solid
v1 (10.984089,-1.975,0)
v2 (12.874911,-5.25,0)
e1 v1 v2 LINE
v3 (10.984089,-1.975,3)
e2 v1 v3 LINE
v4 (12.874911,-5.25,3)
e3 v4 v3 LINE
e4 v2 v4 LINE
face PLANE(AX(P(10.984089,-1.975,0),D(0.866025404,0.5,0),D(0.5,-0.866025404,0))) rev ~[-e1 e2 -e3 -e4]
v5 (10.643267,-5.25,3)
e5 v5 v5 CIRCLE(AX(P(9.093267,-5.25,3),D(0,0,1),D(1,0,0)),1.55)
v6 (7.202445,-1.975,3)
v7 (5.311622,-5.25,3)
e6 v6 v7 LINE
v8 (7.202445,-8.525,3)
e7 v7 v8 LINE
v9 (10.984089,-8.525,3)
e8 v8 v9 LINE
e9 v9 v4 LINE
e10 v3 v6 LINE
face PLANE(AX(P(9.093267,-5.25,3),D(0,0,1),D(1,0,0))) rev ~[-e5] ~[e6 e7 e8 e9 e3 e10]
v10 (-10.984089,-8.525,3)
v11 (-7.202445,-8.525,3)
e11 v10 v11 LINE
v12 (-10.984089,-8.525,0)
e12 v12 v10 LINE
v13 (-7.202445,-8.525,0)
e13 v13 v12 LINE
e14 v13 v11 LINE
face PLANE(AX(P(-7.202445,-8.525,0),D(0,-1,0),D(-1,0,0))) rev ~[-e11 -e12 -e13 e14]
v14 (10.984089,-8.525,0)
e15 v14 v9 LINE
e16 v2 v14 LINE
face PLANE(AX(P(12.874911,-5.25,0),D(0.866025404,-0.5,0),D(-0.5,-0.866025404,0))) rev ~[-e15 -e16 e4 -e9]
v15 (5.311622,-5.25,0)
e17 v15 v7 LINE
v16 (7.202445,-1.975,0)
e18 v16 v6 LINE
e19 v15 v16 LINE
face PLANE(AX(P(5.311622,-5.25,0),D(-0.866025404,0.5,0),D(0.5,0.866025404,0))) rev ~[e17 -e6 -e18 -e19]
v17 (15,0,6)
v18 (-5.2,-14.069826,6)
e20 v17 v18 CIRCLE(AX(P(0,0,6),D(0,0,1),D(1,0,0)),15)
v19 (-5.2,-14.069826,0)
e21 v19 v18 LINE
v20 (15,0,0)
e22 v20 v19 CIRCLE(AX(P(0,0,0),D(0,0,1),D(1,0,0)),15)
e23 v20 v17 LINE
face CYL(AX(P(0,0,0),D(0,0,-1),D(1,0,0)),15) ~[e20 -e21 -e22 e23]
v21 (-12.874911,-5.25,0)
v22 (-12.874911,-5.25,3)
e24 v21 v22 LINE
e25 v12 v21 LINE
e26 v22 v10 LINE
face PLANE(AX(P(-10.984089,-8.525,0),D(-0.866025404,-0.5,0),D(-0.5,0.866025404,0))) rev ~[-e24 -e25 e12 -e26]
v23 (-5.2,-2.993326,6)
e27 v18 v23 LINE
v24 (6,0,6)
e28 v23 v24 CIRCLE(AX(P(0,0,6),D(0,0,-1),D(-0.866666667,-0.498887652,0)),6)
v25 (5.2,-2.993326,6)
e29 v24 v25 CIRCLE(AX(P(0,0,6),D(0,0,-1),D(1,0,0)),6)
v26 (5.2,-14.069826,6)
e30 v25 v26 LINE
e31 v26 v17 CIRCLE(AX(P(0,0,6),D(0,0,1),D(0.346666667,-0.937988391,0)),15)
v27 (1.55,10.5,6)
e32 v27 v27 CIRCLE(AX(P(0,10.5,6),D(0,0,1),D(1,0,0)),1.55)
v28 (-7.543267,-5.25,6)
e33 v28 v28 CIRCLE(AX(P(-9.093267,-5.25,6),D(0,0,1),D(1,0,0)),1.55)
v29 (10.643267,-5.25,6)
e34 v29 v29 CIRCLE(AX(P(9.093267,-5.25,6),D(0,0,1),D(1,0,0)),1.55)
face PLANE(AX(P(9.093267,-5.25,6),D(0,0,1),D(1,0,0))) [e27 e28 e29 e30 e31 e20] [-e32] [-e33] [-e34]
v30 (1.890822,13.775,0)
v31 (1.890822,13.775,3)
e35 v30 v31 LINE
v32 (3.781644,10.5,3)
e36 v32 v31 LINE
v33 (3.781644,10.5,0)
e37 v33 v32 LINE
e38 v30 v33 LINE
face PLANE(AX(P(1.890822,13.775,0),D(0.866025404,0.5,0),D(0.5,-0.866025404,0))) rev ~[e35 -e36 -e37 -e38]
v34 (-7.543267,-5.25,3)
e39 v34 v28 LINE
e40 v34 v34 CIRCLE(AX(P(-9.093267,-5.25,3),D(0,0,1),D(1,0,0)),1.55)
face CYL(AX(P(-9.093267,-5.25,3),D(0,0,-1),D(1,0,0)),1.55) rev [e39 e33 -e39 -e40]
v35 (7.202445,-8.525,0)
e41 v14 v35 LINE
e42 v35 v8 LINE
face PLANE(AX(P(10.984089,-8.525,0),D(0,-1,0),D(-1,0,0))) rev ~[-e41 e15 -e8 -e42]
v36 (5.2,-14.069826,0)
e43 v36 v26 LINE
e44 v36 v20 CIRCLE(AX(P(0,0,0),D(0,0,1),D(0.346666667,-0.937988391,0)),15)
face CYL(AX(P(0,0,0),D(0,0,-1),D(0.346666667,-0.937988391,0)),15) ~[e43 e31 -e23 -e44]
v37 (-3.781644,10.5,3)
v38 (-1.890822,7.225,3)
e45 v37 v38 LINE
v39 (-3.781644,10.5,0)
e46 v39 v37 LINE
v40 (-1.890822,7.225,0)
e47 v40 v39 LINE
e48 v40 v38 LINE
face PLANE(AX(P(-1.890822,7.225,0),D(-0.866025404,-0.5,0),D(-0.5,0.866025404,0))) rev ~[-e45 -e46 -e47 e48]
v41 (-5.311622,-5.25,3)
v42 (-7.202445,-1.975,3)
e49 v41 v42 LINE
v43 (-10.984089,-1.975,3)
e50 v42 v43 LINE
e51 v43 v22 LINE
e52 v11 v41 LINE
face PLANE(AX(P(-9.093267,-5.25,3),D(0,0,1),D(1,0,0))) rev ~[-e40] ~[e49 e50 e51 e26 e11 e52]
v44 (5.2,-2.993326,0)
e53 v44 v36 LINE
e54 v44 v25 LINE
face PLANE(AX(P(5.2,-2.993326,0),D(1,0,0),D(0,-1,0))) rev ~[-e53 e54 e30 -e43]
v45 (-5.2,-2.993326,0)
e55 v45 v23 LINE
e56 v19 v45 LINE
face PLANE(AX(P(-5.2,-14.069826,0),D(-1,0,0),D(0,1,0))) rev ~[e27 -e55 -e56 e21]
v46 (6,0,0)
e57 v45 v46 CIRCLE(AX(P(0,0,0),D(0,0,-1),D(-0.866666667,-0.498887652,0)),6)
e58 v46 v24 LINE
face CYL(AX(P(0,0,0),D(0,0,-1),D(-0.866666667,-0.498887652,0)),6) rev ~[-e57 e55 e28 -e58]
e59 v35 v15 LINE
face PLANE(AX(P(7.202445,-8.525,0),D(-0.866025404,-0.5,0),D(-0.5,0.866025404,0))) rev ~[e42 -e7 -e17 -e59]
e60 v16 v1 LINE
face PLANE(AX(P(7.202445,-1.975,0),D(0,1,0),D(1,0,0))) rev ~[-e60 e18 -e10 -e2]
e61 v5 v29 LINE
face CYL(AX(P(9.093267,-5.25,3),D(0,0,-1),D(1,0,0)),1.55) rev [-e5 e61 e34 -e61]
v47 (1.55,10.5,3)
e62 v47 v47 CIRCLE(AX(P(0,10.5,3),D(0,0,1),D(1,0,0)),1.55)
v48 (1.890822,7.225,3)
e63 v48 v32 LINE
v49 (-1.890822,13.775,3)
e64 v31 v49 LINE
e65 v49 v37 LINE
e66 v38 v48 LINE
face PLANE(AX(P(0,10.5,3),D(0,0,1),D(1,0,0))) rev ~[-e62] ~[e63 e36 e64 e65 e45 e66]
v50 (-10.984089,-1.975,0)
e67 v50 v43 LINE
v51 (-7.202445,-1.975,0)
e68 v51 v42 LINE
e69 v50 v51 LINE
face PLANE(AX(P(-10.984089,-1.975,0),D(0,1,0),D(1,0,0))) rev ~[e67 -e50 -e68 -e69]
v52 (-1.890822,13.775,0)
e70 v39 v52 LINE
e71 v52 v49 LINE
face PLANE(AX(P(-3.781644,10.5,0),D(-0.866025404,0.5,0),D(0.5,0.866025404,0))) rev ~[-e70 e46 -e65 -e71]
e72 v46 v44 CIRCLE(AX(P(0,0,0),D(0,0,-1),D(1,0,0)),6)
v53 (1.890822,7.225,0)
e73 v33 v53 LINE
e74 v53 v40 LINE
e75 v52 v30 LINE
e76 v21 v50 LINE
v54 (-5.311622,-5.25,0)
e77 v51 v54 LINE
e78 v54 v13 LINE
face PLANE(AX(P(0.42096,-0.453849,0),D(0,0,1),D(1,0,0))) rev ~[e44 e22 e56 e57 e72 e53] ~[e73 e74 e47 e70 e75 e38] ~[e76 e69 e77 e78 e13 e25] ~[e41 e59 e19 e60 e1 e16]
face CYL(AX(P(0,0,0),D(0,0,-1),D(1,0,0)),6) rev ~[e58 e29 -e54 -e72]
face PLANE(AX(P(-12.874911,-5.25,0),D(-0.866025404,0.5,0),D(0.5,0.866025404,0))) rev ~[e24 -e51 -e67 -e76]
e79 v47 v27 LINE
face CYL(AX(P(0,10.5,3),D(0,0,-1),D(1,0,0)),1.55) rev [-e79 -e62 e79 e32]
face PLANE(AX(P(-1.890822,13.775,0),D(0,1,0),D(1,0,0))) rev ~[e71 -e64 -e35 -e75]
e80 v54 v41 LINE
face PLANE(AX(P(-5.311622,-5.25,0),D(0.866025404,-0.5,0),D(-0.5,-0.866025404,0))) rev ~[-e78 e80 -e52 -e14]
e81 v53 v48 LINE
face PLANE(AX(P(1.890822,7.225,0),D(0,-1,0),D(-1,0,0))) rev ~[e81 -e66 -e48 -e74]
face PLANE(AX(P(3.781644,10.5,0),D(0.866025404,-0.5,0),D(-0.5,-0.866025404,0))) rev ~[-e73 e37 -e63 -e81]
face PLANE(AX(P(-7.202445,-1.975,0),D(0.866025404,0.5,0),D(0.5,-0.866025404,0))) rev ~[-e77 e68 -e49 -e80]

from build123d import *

# Parameters (mm, degrees)
F1_DEPTH = 6
F2_START = 3
F0_R     = 1.55
F2_DEPTH = 3


with BuildPart() as f1:
    # F0 (on Top) → F1 (new body)
    with BuildSketch(Plane.XY):
        with BuildLine():
            ThreePointArc((-5.2, -2.9933259094), (-1.5491933385, 5.7965506985), (6, 0))
            ThreePointArc((6, 0), (5.7965506985, -1.5491933385), (5.2, -2.9933259094))
            Line((5.2, -2.9933259094), (5.2, -14.0698258696))
            ThreePointArc((5.2, -14.0698258696), (12.3085336251, -8.5732140997), (15, 0))
            ThreePointArc((15, 0), (-8.5732140997, 12.3085336251), (-5.2, -14.0698258696))
            Line((-5.2, -14.0698258696), (-5.2, -2.9933259094))
        make_face()
        Polygon((-10.9840888713, -8.525), (-12.8749110029, -5.25), (-10.9840888713, -1.975), (-7.2024446081, -1.975), (-5.3116224765, -5.25), (-7.2024446081, -8.525), align=None, mode=Mode.SUBTRACT)
        Polygon((12.8749110029, -5.25), (10.9840888713, -8.525), (7.2024446081, -8.525), (5.3116224765, -5.25), (7.2024446081, -1.975), (10.9840888713, -1.975), align=None, mode=Mode.SUBTRACT)
        Polygon((3.7816442632, 10.5), (1.8908221316, 7.225), (-1.8908221316, 7.225), (-3.7816442632, 10.5), (-1.8908221316, 13.775), (1.8908221316, 13.775), align=None, mode=Mode.SUBTRACT)
    extrude(amount=F1_DEPTH)

    # F0 (on Top) → F2 (join)
    with BuildSketch(Plane.XY.offset(F2_START)):
        Polygon((7.2024446081, -8.525), (10.9840888713, -8.525), (12.8749110029, -5.25), (10.9840888713, -1.975), (7.2024446081, -1.975), (5.3116224765, -5.25), align=None)
        with Locations((9.0932667397, -5.25)):
            Circle(F0_R, mode=Mode.SUBTRACT)
        Polygon((-1.8908221316, 7.225), (1.8908221316, 7.225), (3.7816442632, 10.5), (1.8908221316, 13.775), (-1.8908221316, 13.775), (-3.7816442632, 10.5), align=None)
        with Locations((0, 10.5)):
            Circle(F0_R, mode=Mode.SUBTRACT)
        Polygon((-10.9840888713, -1.975), (-12.8749110029, -5.25), (-10.9840888713, -8.525), (-7.2024446081, -8.525), (-5.3116224765, -5.25), (-7.2024446081, -1.975), align=None)
        with Locations((-9.0932667397, -5.25)):
            Circle(F0_R, mode=Mode.SUBTRACT)
    extrude(amount=F2_DEPTH)


solid = f1.part
